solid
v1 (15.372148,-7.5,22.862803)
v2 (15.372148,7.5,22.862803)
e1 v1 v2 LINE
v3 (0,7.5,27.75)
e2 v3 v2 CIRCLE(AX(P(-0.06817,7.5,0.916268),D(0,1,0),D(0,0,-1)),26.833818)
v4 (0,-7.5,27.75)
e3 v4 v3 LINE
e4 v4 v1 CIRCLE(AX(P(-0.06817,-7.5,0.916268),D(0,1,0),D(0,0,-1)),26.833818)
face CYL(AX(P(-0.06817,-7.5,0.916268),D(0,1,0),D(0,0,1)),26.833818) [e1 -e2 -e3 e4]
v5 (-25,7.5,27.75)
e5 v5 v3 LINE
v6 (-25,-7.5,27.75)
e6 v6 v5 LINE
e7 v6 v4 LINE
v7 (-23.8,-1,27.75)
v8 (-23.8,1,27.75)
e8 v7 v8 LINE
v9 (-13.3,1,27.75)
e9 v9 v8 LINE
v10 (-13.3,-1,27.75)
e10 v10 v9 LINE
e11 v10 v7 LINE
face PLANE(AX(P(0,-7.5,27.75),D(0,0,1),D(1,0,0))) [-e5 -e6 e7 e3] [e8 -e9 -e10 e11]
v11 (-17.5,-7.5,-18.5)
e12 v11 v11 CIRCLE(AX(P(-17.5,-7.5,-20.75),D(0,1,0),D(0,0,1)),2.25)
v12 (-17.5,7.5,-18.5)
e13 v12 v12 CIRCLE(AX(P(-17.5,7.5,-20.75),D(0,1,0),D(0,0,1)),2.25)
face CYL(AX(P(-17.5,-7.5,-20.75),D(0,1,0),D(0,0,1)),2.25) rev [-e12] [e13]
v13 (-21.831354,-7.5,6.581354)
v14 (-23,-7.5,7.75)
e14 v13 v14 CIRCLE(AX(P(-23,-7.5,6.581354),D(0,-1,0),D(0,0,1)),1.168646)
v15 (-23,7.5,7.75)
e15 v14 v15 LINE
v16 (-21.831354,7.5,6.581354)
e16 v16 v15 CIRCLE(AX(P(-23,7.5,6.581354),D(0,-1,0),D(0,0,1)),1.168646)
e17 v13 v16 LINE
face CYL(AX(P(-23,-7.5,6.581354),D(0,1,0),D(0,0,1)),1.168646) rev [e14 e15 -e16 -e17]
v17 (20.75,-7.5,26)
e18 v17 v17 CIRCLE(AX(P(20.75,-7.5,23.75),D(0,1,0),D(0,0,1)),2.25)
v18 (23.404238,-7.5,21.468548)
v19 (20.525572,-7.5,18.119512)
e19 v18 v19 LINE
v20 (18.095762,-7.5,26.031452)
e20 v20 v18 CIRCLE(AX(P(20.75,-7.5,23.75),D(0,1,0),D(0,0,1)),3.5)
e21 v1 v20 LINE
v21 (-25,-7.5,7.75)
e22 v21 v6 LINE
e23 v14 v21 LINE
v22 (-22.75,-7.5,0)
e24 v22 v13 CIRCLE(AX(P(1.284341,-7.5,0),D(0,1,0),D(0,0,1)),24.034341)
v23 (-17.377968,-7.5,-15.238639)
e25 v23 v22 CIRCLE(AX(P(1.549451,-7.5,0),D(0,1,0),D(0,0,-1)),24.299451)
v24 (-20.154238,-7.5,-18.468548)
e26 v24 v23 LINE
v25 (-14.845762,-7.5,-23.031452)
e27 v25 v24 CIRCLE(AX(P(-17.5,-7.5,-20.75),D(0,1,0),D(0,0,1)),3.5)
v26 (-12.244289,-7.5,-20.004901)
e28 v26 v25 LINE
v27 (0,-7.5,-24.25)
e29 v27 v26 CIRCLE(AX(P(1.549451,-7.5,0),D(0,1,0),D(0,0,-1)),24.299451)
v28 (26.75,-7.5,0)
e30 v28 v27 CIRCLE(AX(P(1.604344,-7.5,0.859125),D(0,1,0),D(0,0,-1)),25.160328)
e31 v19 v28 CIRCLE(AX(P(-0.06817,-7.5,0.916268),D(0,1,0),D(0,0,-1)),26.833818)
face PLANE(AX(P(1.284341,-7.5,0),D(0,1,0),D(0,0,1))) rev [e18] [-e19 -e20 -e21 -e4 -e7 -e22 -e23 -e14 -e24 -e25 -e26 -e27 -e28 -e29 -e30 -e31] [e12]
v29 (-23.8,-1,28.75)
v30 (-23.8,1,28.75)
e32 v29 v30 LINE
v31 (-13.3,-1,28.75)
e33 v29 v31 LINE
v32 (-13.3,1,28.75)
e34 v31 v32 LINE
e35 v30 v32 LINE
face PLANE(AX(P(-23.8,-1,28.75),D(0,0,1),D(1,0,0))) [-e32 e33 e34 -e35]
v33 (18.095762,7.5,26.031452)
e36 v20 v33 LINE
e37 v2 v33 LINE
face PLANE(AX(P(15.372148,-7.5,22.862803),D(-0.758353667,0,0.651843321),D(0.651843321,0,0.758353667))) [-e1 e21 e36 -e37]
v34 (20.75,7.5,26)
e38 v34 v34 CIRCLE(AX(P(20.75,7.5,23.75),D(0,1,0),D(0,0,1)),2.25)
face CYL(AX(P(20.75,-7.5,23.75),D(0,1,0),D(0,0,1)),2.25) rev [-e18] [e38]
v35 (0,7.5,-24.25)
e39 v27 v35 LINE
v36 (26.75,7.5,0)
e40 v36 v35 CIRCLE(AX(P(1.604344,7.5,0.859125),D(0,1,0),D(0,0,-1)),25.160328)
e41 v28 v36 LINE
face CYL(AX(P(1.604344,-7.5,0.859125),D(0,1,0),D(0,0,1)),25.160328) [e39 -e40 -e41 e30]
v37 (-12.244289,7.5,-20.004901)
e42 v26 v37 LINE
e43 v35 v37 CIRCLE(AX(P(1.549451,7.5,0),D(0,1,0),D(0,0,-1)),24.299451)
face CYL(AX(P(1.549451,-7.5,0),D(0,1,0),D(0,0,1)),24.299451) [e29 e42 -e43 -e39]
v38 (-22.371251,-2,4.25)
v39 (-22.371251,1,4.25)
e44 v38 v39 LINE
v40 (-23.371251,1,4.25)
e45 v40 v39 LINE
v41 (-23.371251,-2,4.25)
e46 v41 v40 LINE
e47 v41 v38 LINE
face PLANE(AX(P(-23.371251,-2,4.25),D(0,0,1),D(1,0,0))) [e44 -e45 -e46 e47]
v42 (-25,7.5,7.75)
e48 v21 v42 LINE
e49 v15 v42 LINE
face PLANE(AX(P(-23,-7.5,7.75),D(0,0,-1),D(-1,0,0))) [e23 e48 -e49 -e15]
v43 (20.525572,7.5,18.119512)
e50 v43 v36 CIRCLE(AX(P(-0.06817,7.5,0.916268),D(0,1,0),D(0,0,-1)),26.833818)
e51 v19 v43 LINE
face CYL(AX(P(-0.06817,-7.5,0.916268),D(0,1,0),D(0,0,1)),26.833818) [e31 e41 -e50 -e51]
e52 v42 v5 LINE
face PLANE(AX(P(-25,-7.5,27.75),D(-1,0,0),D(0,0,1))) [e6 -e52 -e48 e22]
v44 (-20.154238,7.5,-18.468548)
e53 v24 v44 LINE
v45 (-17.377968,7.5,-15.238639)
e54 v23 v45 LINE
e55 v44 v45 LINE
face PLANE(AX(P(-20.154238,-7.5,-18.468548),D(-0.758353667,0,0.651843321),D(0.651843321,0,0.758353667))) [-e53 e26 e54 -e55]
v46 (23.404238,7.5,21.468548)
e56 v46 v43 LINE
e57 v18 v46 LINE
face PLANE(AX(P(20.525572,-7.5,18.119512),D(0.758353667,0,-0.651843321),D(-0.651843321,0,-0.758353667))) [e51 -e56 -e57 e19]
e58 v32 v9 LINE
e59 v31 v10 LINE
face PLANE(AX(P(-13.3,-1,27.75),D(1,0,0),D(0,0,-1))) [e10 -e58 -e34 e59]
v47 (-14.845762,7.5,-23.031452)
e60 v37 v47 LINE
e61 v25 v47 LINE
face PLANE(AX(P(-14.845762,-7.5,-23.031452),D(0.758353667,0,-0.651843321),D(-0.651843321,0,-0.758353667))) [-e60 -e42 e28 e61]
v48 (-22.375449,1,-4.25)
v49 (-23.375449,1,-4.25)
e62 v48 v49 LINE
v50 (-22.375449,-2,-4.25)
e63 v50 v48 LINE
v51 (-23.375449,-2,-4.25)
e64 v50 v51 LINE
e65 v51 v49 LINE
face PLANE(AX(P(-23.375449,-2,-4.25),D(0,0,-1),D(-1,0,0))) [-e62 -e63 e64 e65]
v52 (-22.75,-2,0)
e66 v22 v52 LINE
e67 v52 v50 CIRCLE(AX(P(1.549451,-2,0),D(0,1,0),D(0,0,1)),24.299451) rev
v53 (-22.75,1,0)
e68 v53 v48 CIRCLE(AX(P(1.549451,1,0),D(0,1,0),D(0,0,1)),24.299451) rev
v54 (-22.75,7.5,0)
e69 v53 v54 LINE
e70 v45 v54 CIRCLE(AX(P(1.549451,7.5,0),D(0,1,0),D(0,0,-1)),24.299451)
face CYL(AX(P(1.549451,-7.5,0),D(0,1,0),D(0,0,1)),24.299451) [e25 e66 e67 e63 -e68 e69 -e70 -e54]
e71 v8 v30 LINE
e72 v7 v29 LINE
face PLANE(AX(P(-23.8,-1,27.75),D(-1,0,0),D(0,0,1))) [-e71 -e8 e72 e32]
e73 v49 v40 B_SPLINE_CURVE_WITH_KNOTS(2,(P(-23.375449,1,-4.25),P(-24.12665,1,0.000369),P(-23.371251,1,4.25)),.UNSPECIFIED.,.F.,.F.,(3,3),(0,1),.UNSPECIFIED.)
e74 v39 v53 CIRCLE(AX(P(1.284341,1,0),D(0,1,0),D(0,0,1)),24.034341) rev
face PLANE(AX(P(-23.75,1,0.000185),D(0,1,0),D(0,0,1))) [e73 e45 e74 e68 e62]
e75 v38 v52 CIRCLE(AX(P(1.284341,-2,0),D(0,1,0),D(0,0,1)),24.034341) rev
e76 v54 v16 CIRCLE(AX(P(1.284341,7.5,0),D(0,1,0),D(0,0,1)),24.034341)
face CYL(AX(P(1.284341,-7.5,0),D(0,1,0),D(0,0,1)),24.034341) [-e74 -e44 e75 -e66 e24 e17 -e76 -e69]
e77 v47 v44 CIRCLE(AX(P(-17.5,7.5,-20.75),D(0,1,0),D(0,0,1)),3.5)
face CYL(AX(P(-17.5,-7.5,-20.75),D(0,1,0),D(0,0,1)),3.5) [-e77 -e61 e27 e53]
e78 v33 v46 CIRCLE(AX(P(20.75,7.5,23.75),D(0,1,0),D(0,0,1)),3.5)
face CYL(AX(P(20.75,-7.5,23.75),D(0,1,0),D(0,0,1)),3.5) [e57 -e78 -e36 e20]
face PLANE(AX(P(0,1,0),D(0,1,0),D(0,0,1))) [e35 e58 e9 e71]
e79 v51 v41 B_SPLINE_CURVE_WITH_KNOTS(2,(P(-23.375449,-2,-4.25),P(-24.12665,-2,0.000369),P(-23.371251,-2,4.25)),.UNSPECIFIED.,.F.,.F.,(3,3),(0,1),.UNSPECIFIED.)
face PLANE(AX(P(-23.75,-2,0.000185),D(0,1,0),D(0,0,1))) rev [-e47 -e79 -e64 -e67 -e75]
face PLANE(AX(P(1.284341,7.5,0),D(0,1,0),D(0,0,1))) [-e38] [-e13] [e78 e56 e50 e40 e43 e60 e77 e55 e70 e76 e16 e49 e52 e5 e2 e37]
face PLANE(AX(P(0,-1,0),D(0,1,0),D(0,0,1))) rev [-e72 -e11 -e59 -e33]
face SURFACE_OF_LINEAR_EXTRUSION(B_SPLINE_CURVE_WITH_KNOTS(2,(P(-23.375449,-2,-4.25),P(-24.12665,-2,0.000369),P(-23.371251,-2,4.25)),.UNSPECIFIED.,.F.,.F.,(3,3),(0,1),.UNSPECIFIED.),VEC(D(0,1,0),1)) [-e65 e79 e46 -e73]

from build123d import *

# Parameters (mm, degrees)
BOSS_EXTRUDE1_DEPTH      = 7.5
BOSS_EXTRUDE1_DEPTH_BACK = 7.5
SKETCH1_R                = 2.25
BOSS_EXTRUDE2_DEPTH      = 1
BOSS_EXTRUDE2_DEPTH_BACK = 2
BOSS_EXTRUDE3_DEPTH      = 1
BOSS_EXTRUDE3_DEPTH_BACK = 1
SKETCH3_W                = 10.5
SKETCH3_H                = 1


with BuildPart() as part:
    # Sketch1 → Boss-Extrude1 (new, two sides: drawn at the far end of the back side and taken through both)
    with BuildSketch(Plane(origin=(0, 0, 0), x_dir=(1, 0, 0), z_dir=(0, 1, 0)).offset(-BOSS_EXTRUDE1_DEPTH_BACK)):
        with BuildLine():
            Line((0, -27.75), (-25, -27.75))
            Line((-25, -27.75), (-25, -7.75))
            Line((-25, -7.75), (-23, -7.75))
            ThreePointArc((-23, -7.75), (-22.173642142, -7.407711368), (-21.83135351, -6.58135351))
            ThreePointArc((-21.83135351, -6.58135351), (-22.519230493, -3.322579021), (-22.75, 0))
            ThreePointArc((-22.75, 0), (-21.367673649, 8.078905587), (-17.377967793, 15.238639437))
            Line((-17.377967793, 15.238639437), (-20.154237836, 18.468548377))
            ThreePointArc((-20.154237836, 18.468548377), (-19.781451623, 23.404237836), (-14.845762164, 23.031451623))
            Line((-14.845762164, 23.031451623), (-12.244288682, 20.004900775))
            ThreePointArc((-12.244288682, 20.004900775), (-6.410360065, 22.958761116), (0, 24.25))
            ThreePointArc((0, 24.25), (18.502982119, 17.781640069), (26.75, 0))
            ThreePointArc((26.75, 0), (25.310000225, -9.634196337), (20.525571791, -18.119512063))
            Line((20.525571791, -18.119512063), (23.404237836, -21.468548377))
            ThreePointArc((23.404237836, -21.468548377), (23.031451623, -26.404237836), (18.095762164, -26.031451623))
            Line((18.095762164, -26.031451623), (15.372148216, -22.862802716))
            ThreePointArc((15.372148216, -22.862802716), (8.06198842, -26.488798996), (0, -27.75))
        make_face()
        with Locations((-17.5, 20.75)):
            Circle(SKETCH1_R, mode=Mode.SUBTRACT)
        with Locations((20.75, -23.75)):
            Circle(SKETCH1_R, mode=Mode.SUBTRACT)
    extrude(amount=BOSS_EXTRUDE1_DEPTH + BOSS_EXTRUDE1_DEPTH_BACK)

    # Sketch2 → Boss-Extrude2 (add, two sides: drawn at the far end of the back side and taken through both)
    with BuildSketch(Plane(origin=(0, 0, 0), x_dir=(1, 0, 0), z_dir=(0, 1, 0)).offset(-BOSS_EXTRUDE2_DEPTH_BACK)):
        with BuildLine():
            Line((-23.375448552, 4.25), (-22.375448552, 4.25))
            Line((-22.375448552, 4.25), (-20.476060309, 3.242316336))
            Line((-20.476060309, 3.242316336), (-20.106924084, -2.963786455))
            Line((-20.106924084, -2.963786455), (-22.3712513, -4.25))
            Line((-22.3712513, -4.25), (-23.3712513, -4.25))
            add(Edge.make_bspline(
                [(-23.3712513, -4.25), (-24.126649893, -0.000369077), (-23.375448552, 4.25)],
                knots=[0, 0, 0, 1, 1, 1], degree=2))
        make_face()
    extrude(amount=BOSS_EXTRUDE2_DEPTH + BOSS_EXTRUDE2_DEPTH_BACK)

    # Sketch3 → Boss-Extrude3 (add, two sides: drawn at the far end of the back side and taken through both)
    with BuildSketch(Plane(origin=(0, 0, 0), x_dir=(1, 0, 0), z_dir=(0, 1, 0)).offset(-BOSS_EXTRUDE3_DEPTH_BACK)):
        with Locations((-18.55, -28.25)):
            Rectangle(SKETCH3_W, SKETCH3_H)
    extrude(amount=BOSS_EXTRUDE3_DEPTH + BOSS_EXTRUDE3_DEPTH_BACK)


solid = part.part
